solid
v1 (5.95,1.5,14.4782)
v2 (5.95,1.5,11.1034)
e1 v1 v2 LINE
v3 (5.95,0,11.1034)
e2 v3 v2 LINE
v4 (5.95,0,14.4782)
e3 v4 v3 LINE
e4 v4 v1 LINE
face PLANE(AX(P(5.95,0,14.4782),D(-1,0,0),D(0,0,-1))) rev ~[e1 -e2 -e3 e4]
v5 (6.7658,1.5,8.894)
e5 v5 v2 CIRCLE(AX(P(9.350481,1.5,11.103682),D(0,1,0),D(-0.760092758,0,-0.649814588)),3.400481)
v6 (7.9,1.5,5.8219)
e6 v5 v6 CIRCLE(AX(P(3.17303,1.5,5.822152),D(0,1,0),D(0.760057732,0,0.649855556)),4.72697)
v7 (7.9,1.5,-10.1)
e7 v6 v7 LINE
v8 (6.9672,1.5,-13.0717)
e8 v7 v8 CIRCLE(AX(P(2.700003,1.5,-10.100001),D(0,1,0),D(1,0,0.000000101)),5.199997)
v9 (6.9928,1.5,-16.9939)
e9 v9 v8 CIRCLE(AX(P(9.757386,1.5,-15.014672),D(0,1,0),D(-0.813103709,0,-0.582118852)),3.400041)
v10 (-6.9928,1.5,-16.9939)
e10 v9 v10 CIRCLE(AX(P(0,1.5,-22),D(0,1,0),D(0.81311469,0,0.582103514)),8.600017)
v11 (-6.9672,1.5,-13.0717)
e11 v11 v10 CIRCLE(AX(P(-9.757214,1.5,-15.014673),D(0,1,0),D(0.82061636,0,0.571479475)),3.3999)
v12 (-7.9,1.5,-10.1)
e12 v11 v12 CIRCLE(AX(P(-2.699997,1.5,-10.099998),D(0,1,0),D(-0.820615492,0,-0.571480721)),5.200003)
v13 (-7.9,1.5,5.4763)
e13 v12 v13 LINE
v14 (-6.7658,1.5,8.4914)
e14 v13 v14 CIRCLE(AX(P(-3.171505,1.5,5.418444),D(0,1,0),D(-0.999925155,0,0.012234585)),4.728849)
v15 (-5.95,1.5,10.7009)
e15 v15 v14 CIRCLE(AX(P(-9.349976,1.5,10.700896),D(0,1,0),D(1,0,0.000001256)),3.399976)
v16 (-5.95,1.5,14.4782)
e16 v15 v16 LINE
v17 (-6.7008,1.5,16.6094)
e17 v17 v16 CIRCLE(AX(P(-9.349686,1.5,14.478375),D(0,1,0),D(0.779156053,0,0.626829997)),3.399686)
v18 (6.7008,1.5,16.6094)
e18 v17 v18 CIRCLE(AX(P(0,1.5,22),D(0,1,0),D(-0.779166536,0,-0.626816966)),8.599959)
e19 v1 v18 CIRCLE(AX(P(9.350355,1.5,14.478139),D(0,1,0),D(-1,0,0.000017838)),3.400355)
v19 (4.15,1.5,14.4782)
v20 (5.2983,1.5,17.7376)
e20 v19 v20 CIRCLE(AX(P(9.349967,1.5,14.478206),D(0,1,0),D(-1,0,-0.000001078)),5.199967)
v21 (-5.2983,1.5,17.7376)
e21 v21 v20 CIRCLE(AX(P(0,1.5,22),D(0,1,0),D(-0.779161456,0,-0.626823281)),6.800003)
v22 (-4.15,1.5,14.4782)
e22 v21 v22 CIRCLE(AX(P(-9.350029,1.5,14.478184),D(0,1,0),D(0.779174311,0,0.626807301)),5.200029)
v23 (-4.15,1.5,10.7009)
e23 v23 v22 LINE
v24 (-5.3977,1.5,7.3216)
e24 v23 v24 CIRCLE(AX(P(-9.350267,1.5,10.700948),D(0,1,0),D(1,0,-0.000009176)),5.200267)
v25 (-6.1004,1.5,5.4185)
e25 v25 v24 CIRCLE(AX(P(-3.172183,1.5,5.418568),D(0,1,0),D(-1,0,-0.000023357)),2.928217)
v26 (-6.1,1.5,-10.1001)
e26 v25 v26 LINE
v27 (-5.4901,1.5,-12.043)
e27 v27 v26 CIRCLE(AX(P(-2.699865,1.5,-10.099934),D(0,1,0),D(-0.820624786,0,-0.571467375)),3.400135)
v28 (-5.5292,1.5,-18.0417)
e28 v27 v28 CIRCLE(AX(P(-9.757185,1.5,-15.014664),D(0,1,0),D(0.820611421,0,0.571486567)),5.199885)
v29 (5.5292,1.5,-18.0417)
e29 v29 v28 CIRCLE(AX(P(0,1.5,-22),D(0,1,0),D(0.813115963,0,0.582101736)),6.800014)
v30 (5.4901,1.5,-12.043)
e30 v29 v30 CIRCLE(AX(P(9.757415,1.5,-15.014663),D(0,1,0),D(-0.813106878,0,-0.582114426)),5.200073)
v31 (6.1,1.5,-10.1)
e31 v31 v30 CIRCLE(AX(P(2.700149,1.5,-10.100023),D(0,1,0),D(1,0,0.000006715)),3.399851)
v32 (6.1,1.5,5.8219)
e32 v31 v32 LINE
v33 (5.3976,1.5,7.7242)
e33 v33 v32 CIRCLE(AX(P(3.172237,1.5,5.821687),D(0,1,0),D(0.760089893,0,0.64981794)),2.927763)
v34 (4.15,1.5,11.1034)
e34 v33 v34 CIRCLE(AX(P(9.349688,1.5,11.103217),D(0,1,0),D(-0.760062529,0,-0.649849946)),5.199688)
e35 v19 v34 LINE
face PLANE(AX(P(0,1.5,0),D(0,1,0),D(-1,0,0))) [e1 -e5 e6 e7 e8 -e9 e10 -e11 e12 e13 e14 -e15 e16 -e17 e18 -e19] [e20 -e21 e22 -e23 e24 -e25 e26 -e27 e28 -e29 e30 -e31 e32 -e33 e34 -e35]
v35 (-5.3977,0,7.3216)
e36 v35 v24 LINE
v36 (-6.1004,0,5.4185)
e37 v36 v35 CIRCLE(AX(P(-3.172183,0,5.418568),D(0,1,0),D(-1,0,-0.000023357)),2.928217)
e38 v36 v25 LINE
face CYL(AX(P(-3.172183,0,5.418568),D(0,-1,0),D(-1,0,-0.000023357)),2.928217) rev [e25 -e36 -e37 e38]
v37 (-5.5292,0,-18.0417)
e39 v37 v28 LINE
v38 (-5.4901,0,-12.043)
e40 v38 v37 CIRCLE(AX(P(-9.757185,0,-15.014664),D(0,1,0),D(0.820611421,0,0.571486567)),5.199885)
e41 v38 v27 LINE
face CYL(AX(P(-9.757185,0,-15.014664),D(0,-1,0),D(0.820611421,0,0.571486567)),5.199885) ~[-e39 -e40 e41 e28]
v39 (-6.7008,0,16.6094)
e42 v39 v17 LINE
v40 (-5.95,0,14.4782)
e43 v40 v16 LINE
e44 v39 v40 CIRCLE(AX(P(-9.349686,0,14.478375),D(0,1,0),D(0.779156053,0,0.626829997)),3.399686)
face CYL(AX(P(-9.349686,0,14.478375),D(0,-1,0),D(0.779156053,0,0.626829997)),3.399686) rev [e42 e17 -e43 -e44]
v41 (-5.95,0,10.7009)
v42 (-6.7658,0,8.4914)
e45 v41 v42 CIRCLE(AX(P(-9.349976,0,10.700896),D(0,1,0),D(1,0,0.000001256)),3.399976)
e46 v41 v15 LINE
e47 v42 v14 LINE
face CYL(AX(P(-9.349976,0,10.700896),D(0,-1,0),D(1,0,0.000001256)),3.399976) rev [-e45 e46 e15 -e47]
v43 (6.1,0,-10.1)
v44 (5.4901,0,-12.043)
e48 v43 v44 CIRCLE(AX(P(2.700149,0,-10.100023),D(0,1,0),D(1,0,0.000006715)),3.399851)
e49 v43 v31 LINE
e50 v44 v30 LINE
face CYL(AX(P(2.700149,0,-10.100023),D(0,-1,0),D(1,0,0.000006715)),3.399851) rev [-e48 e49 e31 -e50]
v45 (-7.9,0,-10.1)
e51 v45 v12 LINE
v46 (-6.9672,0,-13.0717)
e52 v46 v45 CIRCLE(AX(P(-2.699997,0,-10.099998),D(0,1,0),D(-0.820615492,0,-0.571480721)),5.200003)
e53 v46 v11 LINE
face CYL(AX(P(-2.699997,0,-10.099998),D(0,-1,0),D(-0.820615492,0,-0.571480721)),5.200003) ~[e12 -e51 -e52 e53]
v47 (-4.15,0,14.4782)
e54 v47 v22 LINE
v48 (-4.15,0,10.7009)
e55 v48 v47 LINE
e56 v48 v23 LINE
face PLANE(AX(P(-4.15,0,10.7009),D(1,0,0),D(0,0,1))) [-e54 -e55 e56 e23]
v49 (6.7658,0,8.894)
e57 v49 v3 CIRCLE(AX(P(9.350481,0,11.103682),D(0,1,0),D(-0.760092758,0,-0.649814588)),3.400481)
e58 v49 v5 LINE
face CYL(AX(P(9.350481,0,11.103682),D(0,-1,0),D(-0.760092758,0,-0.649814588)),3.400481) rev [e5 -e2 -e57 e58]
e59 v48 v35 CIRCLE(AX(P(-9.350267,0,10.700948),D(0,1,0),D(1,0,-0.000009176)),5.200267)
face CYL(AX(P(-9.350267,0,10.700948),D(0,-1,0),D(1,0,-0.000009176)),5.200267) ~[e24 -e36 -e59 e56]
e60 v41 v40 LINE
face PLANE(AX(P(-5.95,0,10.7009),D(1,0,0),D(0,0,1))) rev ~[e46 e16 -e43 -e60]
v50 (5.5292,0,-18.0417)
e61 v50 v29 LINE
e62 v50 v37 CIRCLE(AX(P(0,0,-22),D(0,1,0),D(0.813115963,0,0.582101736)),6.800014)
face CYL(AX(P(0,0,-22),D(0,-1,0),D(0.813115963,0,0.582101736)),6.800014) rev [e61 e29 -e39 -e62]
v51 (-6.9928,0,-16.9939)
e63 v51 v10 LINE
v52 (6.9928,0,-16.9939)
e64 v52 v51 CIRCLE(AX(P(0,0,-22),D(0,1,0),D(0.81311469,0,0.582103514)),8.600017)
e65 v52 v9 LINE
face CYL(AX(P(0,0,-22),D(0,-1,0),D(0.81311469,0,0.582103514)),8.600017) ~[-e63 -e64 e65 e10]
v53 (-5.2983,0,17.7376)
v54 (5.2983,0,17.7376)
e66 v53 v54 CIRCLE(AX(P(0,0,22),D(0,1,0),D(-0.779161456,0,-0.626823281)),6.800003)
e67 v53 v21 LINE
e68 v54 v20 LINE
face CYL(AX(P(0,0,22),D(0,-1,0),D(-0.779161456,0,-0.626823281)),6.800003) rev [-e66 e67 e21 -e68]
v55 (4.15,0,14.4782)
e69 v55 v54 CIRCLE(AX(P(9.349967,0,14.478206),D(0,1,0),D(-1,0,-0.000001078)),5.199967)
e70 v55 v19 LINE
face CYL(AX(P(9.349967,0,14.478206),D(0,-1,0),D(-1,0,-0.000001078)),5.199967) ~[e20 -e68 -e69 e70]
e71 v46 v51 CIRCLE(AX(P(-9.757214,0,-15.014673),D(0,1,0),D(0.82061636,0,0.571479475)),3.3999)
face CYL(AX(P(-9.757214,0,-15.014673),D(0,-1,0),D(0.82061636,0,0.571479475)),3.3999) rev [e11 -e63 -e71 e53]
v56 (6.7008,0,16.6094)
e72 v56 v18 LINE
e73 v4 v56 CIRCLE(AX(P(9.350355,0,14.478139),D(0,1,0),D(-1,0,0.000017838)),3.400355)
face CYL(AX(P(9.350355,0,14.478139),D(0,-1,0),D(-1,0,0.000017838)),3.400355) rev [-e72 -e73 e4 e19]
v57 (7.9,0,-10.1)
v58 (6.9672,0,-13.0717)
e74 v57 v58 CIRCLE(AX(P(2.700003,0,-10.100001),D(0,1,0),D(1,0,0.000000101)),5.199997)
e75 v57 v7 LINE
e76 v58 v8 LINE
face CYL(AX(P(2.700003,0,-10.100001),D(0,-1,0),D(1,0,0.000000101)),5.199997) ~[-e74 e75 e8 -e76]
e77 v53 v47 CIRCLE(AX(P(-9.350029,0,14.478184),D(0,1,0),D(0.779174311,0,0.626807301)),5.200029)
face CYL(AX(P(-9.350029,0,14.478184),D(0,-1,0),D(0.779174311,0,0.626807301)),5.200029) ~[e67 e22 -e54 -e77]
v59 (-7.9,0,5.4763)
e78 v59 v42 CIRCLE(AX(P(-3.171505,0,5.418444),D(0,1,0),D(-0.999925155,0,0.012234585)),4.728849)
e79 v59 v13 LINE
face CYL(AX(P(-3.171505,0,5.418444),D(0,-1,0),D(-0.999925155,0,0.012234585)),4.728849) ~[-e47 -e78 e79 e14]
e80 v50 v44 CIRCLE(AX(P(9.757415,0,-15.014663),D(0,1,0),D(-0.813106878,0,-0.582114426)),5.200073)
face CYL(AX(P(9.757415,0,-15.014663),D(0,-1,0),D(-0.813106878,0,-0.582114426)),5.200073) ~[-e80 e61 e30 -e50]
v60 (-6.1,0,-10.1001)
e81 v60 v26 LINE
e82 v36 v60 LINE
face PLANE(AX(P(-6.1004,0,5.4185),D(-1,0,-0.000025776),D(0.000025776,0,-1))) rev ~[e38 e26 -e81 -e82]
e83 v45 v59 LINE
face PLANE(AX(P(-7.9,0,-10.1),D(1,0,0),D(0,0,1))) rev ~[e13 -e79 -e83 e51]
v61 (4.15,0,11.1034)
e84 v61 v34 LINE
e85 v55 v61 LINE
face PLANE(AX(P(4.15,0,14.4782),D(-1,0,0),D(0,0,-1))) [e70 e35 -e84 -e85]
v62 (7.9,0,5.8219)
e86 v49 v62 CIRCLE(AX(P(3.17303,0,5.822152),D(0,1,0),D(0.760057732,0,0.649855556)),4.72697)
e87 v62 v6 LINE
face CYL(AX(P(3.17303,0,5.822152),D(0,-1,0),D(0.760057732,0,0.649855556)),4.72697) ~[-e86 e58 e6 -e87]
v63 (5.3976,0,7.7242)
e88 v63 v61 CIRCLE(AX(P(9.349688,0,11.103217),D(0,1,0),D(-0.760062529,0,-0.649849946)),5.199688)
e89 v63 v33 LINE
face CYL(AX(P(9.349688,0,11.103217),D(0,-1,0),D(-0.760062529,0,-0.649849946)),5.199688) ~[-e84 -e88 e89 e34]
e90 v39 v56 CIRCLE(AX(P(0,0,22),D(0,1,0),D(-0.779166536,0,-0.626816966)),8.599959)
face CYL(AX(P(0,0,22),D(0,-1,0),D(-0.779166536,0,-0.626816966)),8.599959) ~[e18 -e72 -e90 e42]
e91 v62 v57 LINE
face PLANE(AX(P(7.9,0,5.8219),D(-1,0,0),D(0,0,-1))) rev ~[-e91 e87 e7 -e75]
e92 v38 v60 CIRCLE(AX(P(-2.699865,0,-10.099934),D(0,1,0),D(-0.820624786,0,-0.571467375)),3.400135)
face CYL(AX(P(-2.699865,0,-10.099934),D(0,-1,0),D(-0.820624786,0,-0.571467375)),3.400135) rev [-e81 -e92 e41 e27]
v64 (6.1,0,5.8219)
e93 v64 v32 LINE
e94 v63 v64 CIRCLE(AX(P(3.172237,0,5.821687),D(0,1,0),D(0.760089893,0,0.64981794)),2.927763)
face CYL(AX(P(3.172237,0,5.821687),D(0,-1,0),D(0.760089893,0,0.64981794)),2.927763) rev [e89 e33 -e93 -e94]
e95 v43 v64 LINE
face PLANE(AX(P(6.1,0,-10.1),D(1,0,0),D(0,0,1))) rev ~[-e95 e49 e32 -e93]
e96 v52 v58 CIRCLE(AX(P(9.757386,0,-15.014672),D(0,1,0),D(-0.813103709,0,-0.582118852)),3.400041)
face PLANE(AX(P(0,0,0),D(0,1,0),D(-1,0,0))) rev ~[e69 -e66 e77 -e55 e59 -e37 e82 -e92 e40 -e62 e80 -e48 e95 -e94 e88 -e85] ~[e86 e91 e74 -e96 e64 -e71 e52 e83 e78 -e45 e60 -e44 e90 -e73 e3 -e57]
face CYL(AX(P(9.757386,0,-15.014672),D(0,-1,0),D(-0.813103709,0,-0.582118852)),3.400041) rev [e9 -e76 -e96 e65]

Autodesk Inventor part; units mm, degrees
ref_plane "YZ Plane" through (0, 0, 0) normal (1, 0, 0) x (0, 1, 0)
ref_plane "XZ Plane" through (0, 0, 0) normal (0, 1, 0) x (-1, 0, 0)
ref_plane "XY Plane" through (0, 0, 0) normal (0, 0, 1) x (1, 0, 0)
sketch "Sketch1" plane through (0, 0, 0) normal (0, 1, 0) x (-1, 0, 0)
  line L0 (13.9, 33.875) -> (-13.9, 33.875)
  line L1 (-13.9, 33.875) -> (-13.9, -33.875)
  line L2 (-13.9, -33.875) -> (13.9, -33.875)
  line L3 (13.9, -33.875) -> (13.9, 33.875)
  circle A0 centre (9.4, 30.5) radius 1.7
  circle A1 centre (-9.4, 15) radius 1.7
  circle A2 centre (9.4, -15) radius 1.7
  circle A3 centre (-9.4, -15) radius 1.7
  circle A4 centre (-9.4, -30.5) radius 1.7
  circle A5 centre (9.4, -30.5) radius 1.7
  circle A6 centre (9.4, 15) radius 1.7
  circle A7 centre (-9.4, 30.5) radius 1.7
  arc A8 (-3.4662, -17.8593) -> (3.4662, -17.8593) centre (0, -22) ccw
  line L4 (4.7, 5.1) -> (4.7, -10.1)
  arc A9 (2.75, -12.0994) -> (4.7, -10.1) centre (2.7, -10.1) ccw
  arc A10 (-4.7, -10.1) -> (-2.75, -12.0994) centre (-2.7, -10.1) ccw
  line L5 (-4.7, -10.1) -> (-4.7, 5.1)
  line L6 (-2.75, 7.0994) -> (-2.75, 16.3257)
  arc A11 (3.4662, 17.8593) -> (-3.4662, 17.8593) centre (0, 22) ccw
  line L7 (2.75, -12.0994) -> (2.75, -16.3257)
  arc A12 (-5.2039, -18.2745) -> (5.2039, -18.2745) centre (0, -22) ccw
  line L8 (-3.75, 14.4782) -> (-3.75, 11.1034)
  arc A13 (-5.0936, 7.4643) -> (-5.7, 5.8219) centre (-3.1726, 5.8219) ccw
  arc A14 (-5.7, -10.1) -> (-5.1619, -11.8144) centre (-2.7, -10.1) ccw
  arc A15 (5.1619, -11.8144) -> (5.7, -10.1001) centre (2.7, -10.1) ccw
  line L9 (5.7, -10.1001) -> (5.7004, 5.4185)
  arc A16 (5.7004, 5.4185) -> (5.0937, 7.0617) centre (3.1718, 5.4185) ccw
  line L10 (3.75, 10.7009) -> (3.75, 14.4782)
  arc A17 (4.9867, 17.9884) -> (-4.9867, 17.9884) centre (0, 22) ccw
  line L11 (-6.35, 14.4782) -> (-6.35, 11.1034)
  arc A18 (-7.0698, 9.1539) -> (-8.3, 5.8219) centre (-3.1726, 5.8219) ccw
  line L12 (-8.3, 5.8219) -> (-8.3, -10.1)
  arc A19 (-8.3, -10.1) -> (-7.2955, -13.3003) centre (-2.7, -10.1) ccw
  arc A20 (-7.318, -16.761) -> (7.318, -16.761) centre (0, -22) ccw
  arc A21 (7.2955, -13.3003) -> (8.3, -10.1) centre (2.7, -10.1) ccw
  line L13 (8.3, -10.1) -> (8.3, 5.4787)
  arc A22 (8.3, 5.4787) -> (7.0698, 8.7513) centre (3.1718, 5.4185) ccw
  line L14 (6.35, 10.7009) -> (6.35, 14.4782)
  arc A23 (7.0125, 16.3586) -> (-7.0125, 16.3586) centre (0, 22) ccw
  arc A24 (-7.318, -16.761) -> (-7.2955, -13.3003) centre (-9.7573, -15.0147) ccw
  arc A25 (7.2955, -13.3003) -> (7.318, -16.761) centre (9.7573, -15.0147) ccw
  arc A26 (-7.0698, 9.1539) -> (-6.35, 11.1034) centre (-9.35, 11.1034) ccw
  arc A27 (-6.35, 14.4782) -> (-7.0125, 16.3586) centre (-9.35, 14.4782) ccw
  arc A28 (7.0125, 16.3586) -> (6.35, 14.4782) centre (9.35, 14.4782) ccw
  arc A29 (6.35, 10.7009) -> (7.0698, 8.7513) centre (9.35, 10.7009) ccw
  line L15 (-5.7, -10.1) -> (-5.7, 5.8219)
  arc A30 (-5.0936, 7.4643) -> (-5.7, 5.8219) centre (-3.1726, 5.8219) ccw
  arc A31 (-5.0936, 7.4643) -> (-3.75, 11.1034) centre (-9.35, 11.1034) ccw
  line L16 (-3.75, 11.1034) -> (-3.75, 14.4782)
  arc A32 (-3.75, 14.4782) -> (-4.9867, 17.9884) centre (-9.35, 14.4782) ccw
  arc A33 (4.9867, 17.9884) -> (-4.9867, 17.9884) centre (0, 22) ccw
  arc A34 (4.9867, 17.9884) -> (3.75, 14.4782) centre (9.35, 14.4782) ccw
  line L17 (3.75, 14.4782) -> (3.75, 10.7009)
  arc A35 (3.75, 10.7009) -> (5.0937, 7.0617) centre (9.35, 10.7009) ccw
  arc A36 (5.7004, 5.4185) -> (5.0937, 7.0617) centre (3.1718, 5.4185) ccw
  arc A37 (5.1619, -11.8144) -> (5.7, -10.1001) centre (2.7, -10.1) ccw
  arc A38 (5.1619, -11.8144) -> (5.2039, -18.2745) centre (9.7573, -15.0147) ccw
  arc A39 (-5.2039, -18.2745) -> (5.2039, -18.2745) centre (0, -22) ccw
  arc A40 (-5.2039, -18.2745) -> (-5.1619, -11.8144) centre (-9.7573, -15.0147) ccw
  arc A41 (-5.7, -10.1) -> (-5.1619, -11.8144) centre (-2.7, -10.1) ccw
  line L18 (2.75, 16.3257) -> (2.75, 7.0994)
  line L19 (-2.75, -16.3257) -> (-2.75, -12.0994)
  arc A42 (-3.4662, -17.8593) -> (-2.75, -16.3257) centre (-4.75, -16.3257) ccw
  arc A43 (-2.75, 16.3257) -> (-3.4662, 17.8593) centre (-4.75, 16.3257) ccw
  arc A44 (3.4662, 17.8593) -> (2.75, 16.3257) centre (4.75, 16.3257) ccw
  arc A45 (2.75, -16.3257) -> (3.4662, -17.8593) centre (4.75, -16.3257) ccw
  arc A46 (-2.75, 7.0994) -> (-4.7, 5.1) centre (-2.7, 5.1) ccw
  arc A47 (4.7, 5.1) -> (2.75, 7.0994) centre (2.7, 5.1) ccw
  line L20 (0, -33.875) -> (0, 33.875) construction
  arc A48 (-5.95, 14.4782) -> (-6.7008, 16.6094) centre (-9.35, 14.4782) ccw
  line L21 (-5.95, 14.4782) -> (-5.95, 11.1034)
  arc A49 (-6.7658, 8.894) -> (-5.95, 11.1034) centre (-9.35, 11.1034) ccw
  arc A50 (-6.7658, 8.894) -> (-7.9, 5.8219) centre (-3.1726, 5.8219) ccw
  line L22 (-7.9, 5.8219) -> (-7.9, -10.1)
  arc A51 (-7.9, -10.1) -> (-6.9672, -13.0717) centre (-2.7, -10.1) ccw
  arc A52 (-6.9928, -16.9939) -> (-6.9672, -13.0717) centre (-9.7573, -15.0147) ccw
  arc A53 (-6.9928, -16.9939) -> (6.9928, -16.9939) centre (0, -22) ccw
  arc A54 (6.9672, -13.0717) -> (6.9928, -16.9939) centre (9.7573, -15.0147) ccw
  arc A55 (6.9672, -13.0717) -> (7.9, -10.1) centre (2.7, -10.1) ccw
  line L23 (7.9, -10.1) -> (7.9, 5.4763)
  arc A56 (7.9, 5.4763) -> (6.7658, 8.4914) centre (3.1718, 5.4185) ccw
  arc A57 (5.95, 10.7009) -> (6.7658, 8.4914) centre (9.35, 10.7009) ccw
  line L24 (5.95, 10.7009) -> (5.95, 14.4782)
  arc A58 (6.7008, 16.6094) -> (5.95, 14.4782) centre (9.35, 14.4782) ccw
  arc A59 (6.7008, 16.6094) -> (-6.7008, 16.6094) centre (0, 22) ccw
  arc A60 (5.2983, 17.7376) -> (-5.2983, 17.7376) centre (0, 22) ccw
  arc A61 (5.2983, 17.7376) -> (4.15, 14.4782) centre (9.35, 14.4782) ccw
  line L25 (4.15, 10.7009) -> (4.15, 14.4782)
  arc A62 (4.15, 10.7009) -> (5.3977, 7.3216) centre (9.35, 10.7009) ccw
  arc A63 (6.1004, 5.4185) -> (5.3977, 7.3216) centre (3.1718, 5.4185) ccw
  line L26 (6.1004, 5.4185) -> (6.1, -10.1001)
  arc A64 (5.4901, -12.043) -> (6.1, -10.1001) centre (2.7, -10.1) ccw
  arc A65 (5.4901, -12.043) -> (5.5292, -18.0417) centre (9.7573, -15.0147) ccw
  arc A66 (-5.5292, -18.0417) -> (5.5292, -18.0417) centre (0, -22) ccw
  arc A67 (-5.5292, -18.0417) -> (-5.4901, -12.043) centre (-9.7573, -15.0147) ccw
  arc A68 (-6.1, -10.1) -> (-5.4901, -12.043) centre (-2.7, -10.1) ccw
  line L27 (-6.1, -10.1) -> (-6.1, 5.8219)
  arc A69 (-5.3976, 7.7242) -> (-6.1, 5.8219) centre (-3.1726, 5.8219) ccw
  arc A70 (-5.3976, 7.7242) -> (-4.15, 11.1034) centre (-9.35, 11.1034) ccw
  line L28 (-4.15, 14.4782) -> (-4.15, 11.1034)
  arc A71 (-4.15, 14.4782) -> (-5.2983, 17.7376) centre (-9.35, 14.4782) ccw
  point P0 (0, 0)
  point P1 (0, 0)
  point P2 (-6.35, 15.6221)
  point P3 (-6.35, 9.8461)
  point P4 (6.35, 9.4436)
  point P5 (6.35, 15.6221)
  point P6 (-7.3624, -13.3004)
  point P7 (-5.7039, -14.8852)
  point P8 (-5.7004, -15.0354)
  point P9 (-7.2703, -16.695)
  point P10 (7.2703, -16.695)
  point P11 (5.7004, -15.0354)
  point P12 (5.7039, -14.8852)
  point P13 (7.3624, -13.3004)
  point P14 (6.35, 13.663)
  point P15 (7.2703, 16.695)
  point P16 (-7.2703, 16.695)
  point P17 (-6.35, 13.663)
  point P18 (-5.7, 5.8219)
  point P19 (5.3977, 7.3216)
  point P20 (5.5292, -18.0417)
  point P21 (-5.4901, -12.043)
  point P22 (-5.2983, 17.7376)
  point P23 (4.15, 14.4782)
  dimension "d0" = 1
  dimension "d1" = 1
  dimension "d2" = 3
  dimension "d3" = 2.6
  dimension "d4" = 8.3
  dimension "d5" = 1
  dimension "d6" = 0.4
  dimension "d7" = 0.4
  dimension "d8" = 0.4
  dimension "d9" = 0.4
  dimension "d10" = 0.4
  dimension "d11" = 0.4
  dimension "d12" = 0.4
  dimension "d13" = 0.4
  dimension "d14" = 0.4
  dimension "d15" = 0.4
  dimension "d16" = 0.4
  dimension "d17" = 0.4
  dimension "d18" = 0.4
  dimension "d19" = 0.4
  dimension "d20" = 0.4
extrude "Extrusion1" add sketch "Sketch1" along normal blind 1.5 contours A48 A59 A58 L24 A57 A56 L23 A55 A54 A53 A52 A51 L22 A50 A49 L21
properties part number "Base Seal"
